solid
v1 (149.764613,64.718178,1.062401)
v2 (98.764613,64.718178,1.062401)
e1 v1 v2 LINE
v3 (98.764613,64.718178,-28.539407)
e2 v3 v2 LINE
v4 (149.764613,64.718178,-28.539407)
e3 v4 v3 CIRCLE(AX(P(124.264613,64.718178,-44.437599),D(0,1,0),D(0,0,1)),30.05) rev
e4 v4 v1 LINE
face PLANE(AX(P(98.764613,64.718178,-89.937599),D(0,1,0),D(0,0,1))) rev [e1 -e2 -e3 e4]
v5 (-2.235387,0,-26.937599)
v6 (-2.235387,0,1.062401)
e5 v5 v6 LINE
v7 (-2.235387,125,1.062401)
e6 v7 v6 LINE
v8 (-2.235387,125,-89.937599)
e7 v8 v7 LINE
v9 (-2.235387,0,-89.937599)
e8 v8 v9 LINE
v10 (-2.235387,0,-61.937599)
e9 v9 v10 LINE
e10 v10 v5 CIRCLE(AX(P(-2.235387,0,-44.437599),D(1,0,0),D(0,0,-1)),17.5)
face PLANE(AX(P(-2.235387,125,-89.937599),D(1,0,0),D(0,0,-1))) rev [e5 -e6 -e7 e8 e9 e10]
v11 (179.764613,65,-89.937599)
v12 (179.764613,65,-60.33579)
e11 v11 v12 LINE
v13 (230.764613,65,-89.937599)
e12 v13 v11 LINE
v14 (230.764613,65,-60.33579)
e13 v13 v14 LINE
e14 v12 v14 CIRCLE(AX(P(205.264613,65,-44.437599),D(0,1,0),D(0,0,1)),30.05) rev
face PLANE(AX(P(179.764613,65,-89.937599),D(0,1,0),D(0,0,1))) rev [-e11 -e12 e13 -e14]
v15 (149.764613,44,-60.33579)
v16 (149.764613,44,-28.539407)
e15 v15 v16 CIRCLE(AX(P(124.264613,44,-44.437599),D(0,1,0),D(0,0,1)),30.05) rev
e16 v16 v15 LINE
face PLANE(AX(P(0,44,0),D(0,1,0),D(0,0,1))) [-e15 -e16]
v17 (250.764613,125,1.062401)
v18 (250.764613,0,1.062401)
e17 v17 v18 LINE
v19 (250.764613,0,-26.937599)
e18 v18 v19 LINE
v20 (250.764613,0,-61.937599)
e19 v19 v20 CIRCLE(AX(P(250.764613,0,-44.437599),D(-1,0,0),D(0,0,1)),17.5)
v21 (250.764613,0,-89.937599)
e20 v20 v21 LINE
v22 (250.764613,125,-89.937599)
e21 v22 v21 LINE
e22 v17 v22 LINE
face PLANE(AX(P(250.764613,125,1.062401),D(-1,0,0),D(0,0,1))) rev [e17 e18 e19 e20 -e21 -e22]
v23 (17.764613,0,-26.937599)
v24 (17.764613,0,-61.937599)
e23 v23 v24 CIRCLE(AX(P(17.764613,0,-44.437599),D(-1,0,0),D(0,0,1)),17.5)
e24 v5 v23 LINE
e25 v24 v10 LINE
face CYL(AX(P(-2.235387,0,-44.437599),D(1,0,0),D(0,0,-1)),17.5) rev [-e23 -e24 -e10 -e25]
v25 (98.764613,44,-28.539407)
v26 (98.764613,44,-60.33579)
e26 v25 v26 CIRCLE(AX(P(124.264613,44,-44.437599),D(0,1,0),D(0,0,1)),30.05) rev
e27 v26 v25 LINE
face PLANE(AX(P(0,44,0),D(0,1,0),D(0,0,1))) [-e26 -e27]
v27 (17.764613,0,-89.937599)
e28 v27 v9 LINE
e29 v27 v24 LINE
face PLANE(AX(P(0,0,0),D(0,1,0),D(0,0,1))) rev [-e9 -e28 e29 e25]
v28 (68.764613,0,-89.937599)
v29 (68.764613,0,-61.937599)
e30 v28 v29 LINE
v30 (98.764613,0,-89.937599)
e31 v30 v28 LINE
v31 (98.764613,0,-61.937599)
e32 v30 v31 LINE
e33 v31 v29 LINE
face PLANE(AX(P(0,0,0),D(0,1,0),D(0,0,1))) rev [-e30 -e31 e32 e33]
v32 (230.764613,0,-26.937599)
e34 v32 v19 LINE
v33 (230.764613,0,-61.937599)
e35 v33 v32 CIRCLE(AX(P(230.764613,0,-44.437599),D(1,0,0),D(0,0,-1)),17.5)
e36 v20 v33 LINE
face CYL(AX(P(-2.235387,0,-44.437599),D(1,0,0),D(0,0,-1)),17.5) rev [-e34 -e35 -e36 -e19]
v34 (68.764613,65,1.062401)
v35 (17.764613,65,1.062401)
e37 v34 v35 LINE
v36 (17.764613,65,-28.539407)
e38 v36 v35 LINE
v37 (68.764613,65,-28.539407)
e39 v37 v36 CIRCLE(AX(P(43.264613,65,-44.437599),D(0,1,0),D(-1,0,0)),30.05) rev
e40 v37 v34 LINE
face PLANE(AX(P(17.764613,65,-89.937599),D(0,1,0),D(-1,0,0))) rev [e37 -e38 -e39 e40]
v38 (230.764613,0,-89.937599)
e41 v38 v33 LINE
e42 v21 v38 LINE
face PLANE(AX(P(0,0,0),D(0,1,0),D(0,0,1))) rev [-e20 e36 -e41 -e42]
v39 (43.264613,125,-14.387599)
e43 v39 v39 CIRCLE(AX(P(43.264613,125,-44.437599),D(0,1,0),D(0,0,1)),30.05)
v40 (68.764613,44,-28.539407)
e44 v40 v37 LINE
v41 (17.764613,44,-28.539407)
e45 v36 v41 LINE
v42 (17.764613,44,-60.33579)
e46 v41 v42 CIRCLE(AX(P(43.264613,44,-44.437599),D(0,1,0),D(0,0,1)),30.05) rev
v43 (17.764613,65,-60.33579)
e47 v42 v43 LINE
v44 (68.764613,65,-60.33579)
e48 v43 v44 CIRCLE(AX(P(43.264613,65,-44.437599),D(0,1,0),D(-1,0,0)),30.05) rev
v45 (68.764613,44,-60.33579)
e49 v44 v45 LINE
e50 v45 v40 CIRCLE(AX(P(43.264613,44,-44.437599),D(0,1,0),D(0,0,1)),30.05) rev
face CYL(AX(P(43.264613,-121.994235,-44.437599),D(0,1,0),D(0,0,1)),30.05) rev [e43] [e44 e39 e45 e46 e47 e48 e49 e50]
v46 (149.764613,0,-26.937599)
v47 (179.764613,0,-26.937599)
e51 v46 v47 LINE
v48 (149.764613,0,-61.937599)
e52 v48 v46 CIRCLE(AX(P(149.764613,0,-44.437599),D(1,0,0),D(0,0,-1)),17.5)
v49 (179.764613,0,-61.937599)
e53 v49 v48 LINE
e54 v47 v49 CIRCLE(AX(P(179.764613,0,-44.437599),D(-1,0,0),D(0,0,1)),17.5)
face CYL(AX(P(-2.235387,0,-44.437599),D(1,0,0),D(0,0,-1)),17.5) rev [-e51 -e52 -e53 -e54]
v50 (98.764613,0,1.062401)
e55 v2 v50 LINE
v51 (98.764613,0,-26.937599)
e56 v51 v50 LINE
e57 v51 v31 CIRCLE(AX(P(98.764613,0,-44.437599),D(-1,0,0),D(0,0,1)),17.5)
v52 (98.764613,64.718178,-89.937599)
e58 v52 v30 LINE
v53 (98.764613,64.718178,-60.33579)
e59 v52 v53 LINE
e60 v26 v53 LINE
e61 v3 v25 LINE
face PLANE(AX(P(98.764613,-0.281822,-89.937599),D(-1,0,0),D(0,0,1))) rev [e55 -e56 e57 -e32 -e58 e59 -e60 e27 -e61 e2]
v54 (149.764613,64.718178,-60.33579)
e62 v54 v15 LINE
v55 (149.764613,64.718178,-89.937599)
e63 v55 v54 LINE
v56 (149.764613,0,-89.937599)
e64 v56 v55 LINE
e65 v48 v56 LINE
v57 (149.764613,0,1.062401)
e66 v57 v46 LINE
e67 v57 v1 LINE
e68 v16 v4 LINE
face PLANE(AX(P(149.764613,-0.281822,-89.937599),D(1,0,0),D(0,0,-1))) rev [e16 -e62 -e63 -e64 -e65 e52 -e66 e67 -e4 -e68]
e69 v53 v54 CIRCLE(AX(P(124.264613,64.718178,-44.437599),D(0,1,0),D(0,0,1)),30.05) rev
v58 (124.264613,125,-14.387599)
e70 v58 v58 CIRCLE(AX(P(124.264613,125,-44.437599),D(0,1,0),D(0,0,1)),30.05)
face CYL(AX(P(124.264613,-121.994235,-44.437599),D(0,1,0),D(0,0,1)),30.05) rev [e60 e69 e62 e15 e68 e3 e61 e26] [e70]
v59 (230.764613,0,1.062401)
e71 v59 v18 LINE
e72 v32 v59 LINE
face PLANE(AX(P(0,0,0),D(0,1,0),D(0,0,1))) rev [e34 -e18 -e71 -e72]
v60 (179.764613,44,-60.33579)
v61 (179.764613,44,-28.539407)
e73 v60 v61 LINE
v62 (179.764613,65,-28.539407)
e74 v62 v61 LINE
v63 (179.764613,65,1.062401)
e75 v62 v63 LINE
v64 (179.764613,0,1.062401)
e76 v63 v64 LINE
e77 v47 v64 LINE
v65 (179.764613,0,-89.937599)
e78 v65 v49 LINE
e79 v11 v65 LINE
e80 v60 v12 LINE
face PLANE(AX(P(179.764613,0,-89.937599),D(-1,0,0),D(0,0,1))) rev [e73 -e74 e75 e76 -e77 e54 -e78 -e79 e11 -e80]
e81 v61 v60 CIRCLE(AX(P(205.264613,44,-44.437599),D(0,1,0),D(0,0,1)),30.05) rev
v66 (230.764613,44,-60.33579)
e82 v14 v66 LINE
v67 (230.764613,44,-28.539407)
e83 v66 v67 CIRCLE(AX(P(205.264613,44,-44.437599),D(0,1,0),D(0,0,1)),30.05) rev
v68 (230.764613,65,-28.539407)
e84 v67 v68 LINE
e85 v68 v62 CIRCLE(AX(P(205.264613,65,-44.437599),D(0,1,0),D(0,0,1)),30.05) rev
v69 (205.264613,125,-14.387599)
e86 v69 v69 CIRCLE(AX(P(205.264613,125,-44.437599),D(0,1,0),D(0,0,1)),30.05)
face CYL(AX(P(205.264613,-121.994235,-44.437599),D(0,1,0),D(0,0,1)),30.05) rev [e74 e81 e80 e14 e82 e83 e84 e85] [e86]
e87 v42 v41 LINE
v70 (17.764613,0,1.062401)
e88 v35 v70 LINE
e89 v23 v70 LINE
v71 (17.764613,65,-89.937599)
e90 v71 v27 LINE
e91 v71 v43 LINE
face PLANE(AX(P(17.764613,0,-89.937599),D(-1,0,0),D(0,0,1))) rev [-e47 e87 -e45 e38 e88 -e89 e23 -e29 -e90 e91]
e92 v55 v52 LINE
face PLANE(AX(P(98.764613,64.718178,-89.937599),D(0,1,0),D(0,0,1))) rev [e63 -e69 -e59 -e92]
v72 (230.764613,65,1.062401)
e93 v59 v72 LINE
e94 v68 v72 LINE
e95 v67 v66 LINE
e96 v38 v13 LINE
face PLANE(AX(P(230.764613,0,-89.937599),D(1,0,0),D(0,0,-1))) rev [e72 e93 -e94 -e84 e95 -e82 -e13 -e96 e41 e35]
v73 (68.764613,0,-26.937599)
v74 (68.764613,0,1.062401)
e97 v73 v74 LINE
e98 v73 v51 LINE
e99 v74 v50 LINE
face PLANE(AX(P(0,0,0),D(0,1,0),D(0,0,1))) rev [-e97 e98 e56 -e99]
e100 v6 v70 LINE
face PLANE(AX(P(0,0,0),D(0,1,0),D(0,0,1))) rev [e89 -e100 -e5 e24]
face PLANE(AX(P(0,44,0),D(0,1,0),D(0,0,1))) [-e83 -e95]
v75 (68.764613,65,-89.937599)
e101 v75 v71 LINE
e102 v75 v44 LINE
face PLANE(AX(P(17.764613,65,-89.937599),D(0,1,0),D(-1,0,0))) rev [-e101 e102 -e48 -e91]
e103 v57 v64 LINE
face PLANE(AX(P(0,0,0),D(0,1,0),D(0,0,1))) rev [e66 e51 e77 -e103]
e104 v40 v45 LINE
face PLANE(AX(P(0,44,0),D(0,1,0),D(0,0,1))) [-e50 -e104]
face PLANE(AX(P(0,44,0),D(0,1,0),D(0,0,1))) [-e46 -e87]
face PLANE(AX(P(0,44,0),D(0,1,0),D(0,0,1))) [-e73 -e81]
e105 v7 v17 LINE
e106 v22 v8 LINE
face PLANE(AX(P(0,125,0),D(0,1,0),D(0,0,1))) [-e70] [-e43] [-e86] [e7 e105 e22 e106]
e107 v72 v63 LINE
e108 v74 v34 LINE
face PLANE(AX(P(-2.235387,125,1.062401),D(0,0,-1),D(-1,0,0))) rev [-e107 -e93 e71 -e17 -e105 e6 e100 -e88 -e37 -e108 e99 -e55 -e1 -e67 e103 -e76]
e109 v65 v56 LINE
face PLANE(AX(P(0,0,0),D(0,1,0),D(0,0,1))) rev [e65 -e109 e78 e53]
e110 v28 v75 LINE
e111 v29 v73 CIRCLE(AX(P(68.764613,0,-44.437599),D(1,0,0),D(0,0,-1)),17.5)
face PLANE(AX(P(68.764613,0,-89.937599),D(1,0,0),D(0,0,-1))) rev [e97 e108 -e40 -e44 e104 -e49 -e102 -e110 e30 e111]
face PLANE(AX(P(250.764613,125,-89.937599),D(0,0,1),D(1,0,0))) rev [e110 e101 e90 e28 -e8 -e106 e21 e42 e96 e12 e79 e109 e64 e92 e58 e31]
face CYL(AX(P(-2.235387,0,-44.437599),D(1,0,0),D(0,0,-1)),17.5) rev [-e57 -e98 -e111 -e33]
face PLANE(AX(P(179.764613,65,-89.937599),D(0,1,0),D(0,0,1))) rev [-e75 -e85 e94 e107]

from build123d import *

# Parameters (mm, degrees)
SKETCH1_W               = 6426.2
SKETCH1_H               = 2311.4
BOSS_EXTRUDE1_DEPTH     = 3175
SKETCH2_R               = 763.27
CUT_EXTRUDE1_DEPTH      = 2057.4
CUT_EXTRUDE3_DEPTH      = 7475.536972742
CUT_EXTRUDE3_DEPTH_BACK = 7475.536972742
SKETCH6_W               = 1295.4
SKETCH6_H               = 1651
CUT_EXTRUDE4_DEPTH      = 7523.97968682
CUT_EXTRUDE4_DEPTH_BACK = 7523.97968682
SKETCH7_R               = 444.5
SCALE1_SCALE            = 0.039370079


with BuildPart() as part:
    # Sketch1 → Boss-Extrude1 (new body)
    with BuildSketch(Plane(origin=(0, 0, 0), x_dir=(1, 0, 0), z_dir=(0, 1, 0))):
        with Locations((3156.321169036, 1128.715007899)):
            Rectangle(SKETCH1_W, SKETCH1_H)
    extrude(amount=BOSS_EXTRUDE1_DEPTH)

    # Sketch2 → Cut-Extrude1 (cut)
    with BuildSketch(Plane(origin=(0, 3175, 0), x_dir=(1, 0, 0), z_dir=(0, 1, 0))):
        with Locations(Location((1098.921169036, 1128.715007899, 0), (0, 0, 270))):
            Circle(SKETCH2_R)
        with Locations(Location((3156.321169036, 1128.715007899, 0), (0, 0, 270))):
            Circle(SKETCH2_R)
        with Locations(Location((5213.721169036, 1128.715007899, 0), (0, 0, 270))):
            Circle(SKETCH2_R)
    extrude(amount=-CUT_EXTRUDE1_DEPTH, mode=Mode.SUBTRACT)

    # Sketch6 → Cut-Extrude3 (cut, two sides: drawn at the far end of the back side and taken through both)
    with BuildSketch(Plane.XY.offset(-CUT_EXTRUDE3_DEPTH_BACK)):
        with Locations((3156.321169036, 818.341718397)):
            Rectangle(SKETCH6_W, SKETCH6_H)
        with Locations((5213.721169036, 825.5)):
            Rectangle(SKETCH6_W, SKETCH6_H)
        with Locations((1098.921169036, 825.5)):
            Rectangle(SKETCH6_W, SKETCH6_H)
    extrude(amount=CUT_EXTRUDE3_DEPTH + CUT_EXTRUDE3_DEPTH_BACK, mode=Mode.SUBTRACT)

    # Sketch7 → Cut-Extrude4 (cut, two sides: drawn at the far end of the back side and taken through both)
    with BuildSketch(Plane(origin=(6369.421169036, 0, 0), x_dir=(0, 0, -1), z_dir=(1, 0, 0)).offset(-CUT_EXTRUDE4_DEPTH_BACK)):
        with Locations((1128.715007899, 0)):
            Circle(SKETCH7_R)
    extrude(amount=CUT_EXTRUDE4_DEPTH + CUT_EXTRUDE4_DEPTH_BACK, mode=Mode.SUBTRACT)


with BuildPart() as part_1:
    # Scale1: scaled about (0, 0, 0)
    add(part.part.scale(SCALE1_SCALE))


solid = part_1.part
